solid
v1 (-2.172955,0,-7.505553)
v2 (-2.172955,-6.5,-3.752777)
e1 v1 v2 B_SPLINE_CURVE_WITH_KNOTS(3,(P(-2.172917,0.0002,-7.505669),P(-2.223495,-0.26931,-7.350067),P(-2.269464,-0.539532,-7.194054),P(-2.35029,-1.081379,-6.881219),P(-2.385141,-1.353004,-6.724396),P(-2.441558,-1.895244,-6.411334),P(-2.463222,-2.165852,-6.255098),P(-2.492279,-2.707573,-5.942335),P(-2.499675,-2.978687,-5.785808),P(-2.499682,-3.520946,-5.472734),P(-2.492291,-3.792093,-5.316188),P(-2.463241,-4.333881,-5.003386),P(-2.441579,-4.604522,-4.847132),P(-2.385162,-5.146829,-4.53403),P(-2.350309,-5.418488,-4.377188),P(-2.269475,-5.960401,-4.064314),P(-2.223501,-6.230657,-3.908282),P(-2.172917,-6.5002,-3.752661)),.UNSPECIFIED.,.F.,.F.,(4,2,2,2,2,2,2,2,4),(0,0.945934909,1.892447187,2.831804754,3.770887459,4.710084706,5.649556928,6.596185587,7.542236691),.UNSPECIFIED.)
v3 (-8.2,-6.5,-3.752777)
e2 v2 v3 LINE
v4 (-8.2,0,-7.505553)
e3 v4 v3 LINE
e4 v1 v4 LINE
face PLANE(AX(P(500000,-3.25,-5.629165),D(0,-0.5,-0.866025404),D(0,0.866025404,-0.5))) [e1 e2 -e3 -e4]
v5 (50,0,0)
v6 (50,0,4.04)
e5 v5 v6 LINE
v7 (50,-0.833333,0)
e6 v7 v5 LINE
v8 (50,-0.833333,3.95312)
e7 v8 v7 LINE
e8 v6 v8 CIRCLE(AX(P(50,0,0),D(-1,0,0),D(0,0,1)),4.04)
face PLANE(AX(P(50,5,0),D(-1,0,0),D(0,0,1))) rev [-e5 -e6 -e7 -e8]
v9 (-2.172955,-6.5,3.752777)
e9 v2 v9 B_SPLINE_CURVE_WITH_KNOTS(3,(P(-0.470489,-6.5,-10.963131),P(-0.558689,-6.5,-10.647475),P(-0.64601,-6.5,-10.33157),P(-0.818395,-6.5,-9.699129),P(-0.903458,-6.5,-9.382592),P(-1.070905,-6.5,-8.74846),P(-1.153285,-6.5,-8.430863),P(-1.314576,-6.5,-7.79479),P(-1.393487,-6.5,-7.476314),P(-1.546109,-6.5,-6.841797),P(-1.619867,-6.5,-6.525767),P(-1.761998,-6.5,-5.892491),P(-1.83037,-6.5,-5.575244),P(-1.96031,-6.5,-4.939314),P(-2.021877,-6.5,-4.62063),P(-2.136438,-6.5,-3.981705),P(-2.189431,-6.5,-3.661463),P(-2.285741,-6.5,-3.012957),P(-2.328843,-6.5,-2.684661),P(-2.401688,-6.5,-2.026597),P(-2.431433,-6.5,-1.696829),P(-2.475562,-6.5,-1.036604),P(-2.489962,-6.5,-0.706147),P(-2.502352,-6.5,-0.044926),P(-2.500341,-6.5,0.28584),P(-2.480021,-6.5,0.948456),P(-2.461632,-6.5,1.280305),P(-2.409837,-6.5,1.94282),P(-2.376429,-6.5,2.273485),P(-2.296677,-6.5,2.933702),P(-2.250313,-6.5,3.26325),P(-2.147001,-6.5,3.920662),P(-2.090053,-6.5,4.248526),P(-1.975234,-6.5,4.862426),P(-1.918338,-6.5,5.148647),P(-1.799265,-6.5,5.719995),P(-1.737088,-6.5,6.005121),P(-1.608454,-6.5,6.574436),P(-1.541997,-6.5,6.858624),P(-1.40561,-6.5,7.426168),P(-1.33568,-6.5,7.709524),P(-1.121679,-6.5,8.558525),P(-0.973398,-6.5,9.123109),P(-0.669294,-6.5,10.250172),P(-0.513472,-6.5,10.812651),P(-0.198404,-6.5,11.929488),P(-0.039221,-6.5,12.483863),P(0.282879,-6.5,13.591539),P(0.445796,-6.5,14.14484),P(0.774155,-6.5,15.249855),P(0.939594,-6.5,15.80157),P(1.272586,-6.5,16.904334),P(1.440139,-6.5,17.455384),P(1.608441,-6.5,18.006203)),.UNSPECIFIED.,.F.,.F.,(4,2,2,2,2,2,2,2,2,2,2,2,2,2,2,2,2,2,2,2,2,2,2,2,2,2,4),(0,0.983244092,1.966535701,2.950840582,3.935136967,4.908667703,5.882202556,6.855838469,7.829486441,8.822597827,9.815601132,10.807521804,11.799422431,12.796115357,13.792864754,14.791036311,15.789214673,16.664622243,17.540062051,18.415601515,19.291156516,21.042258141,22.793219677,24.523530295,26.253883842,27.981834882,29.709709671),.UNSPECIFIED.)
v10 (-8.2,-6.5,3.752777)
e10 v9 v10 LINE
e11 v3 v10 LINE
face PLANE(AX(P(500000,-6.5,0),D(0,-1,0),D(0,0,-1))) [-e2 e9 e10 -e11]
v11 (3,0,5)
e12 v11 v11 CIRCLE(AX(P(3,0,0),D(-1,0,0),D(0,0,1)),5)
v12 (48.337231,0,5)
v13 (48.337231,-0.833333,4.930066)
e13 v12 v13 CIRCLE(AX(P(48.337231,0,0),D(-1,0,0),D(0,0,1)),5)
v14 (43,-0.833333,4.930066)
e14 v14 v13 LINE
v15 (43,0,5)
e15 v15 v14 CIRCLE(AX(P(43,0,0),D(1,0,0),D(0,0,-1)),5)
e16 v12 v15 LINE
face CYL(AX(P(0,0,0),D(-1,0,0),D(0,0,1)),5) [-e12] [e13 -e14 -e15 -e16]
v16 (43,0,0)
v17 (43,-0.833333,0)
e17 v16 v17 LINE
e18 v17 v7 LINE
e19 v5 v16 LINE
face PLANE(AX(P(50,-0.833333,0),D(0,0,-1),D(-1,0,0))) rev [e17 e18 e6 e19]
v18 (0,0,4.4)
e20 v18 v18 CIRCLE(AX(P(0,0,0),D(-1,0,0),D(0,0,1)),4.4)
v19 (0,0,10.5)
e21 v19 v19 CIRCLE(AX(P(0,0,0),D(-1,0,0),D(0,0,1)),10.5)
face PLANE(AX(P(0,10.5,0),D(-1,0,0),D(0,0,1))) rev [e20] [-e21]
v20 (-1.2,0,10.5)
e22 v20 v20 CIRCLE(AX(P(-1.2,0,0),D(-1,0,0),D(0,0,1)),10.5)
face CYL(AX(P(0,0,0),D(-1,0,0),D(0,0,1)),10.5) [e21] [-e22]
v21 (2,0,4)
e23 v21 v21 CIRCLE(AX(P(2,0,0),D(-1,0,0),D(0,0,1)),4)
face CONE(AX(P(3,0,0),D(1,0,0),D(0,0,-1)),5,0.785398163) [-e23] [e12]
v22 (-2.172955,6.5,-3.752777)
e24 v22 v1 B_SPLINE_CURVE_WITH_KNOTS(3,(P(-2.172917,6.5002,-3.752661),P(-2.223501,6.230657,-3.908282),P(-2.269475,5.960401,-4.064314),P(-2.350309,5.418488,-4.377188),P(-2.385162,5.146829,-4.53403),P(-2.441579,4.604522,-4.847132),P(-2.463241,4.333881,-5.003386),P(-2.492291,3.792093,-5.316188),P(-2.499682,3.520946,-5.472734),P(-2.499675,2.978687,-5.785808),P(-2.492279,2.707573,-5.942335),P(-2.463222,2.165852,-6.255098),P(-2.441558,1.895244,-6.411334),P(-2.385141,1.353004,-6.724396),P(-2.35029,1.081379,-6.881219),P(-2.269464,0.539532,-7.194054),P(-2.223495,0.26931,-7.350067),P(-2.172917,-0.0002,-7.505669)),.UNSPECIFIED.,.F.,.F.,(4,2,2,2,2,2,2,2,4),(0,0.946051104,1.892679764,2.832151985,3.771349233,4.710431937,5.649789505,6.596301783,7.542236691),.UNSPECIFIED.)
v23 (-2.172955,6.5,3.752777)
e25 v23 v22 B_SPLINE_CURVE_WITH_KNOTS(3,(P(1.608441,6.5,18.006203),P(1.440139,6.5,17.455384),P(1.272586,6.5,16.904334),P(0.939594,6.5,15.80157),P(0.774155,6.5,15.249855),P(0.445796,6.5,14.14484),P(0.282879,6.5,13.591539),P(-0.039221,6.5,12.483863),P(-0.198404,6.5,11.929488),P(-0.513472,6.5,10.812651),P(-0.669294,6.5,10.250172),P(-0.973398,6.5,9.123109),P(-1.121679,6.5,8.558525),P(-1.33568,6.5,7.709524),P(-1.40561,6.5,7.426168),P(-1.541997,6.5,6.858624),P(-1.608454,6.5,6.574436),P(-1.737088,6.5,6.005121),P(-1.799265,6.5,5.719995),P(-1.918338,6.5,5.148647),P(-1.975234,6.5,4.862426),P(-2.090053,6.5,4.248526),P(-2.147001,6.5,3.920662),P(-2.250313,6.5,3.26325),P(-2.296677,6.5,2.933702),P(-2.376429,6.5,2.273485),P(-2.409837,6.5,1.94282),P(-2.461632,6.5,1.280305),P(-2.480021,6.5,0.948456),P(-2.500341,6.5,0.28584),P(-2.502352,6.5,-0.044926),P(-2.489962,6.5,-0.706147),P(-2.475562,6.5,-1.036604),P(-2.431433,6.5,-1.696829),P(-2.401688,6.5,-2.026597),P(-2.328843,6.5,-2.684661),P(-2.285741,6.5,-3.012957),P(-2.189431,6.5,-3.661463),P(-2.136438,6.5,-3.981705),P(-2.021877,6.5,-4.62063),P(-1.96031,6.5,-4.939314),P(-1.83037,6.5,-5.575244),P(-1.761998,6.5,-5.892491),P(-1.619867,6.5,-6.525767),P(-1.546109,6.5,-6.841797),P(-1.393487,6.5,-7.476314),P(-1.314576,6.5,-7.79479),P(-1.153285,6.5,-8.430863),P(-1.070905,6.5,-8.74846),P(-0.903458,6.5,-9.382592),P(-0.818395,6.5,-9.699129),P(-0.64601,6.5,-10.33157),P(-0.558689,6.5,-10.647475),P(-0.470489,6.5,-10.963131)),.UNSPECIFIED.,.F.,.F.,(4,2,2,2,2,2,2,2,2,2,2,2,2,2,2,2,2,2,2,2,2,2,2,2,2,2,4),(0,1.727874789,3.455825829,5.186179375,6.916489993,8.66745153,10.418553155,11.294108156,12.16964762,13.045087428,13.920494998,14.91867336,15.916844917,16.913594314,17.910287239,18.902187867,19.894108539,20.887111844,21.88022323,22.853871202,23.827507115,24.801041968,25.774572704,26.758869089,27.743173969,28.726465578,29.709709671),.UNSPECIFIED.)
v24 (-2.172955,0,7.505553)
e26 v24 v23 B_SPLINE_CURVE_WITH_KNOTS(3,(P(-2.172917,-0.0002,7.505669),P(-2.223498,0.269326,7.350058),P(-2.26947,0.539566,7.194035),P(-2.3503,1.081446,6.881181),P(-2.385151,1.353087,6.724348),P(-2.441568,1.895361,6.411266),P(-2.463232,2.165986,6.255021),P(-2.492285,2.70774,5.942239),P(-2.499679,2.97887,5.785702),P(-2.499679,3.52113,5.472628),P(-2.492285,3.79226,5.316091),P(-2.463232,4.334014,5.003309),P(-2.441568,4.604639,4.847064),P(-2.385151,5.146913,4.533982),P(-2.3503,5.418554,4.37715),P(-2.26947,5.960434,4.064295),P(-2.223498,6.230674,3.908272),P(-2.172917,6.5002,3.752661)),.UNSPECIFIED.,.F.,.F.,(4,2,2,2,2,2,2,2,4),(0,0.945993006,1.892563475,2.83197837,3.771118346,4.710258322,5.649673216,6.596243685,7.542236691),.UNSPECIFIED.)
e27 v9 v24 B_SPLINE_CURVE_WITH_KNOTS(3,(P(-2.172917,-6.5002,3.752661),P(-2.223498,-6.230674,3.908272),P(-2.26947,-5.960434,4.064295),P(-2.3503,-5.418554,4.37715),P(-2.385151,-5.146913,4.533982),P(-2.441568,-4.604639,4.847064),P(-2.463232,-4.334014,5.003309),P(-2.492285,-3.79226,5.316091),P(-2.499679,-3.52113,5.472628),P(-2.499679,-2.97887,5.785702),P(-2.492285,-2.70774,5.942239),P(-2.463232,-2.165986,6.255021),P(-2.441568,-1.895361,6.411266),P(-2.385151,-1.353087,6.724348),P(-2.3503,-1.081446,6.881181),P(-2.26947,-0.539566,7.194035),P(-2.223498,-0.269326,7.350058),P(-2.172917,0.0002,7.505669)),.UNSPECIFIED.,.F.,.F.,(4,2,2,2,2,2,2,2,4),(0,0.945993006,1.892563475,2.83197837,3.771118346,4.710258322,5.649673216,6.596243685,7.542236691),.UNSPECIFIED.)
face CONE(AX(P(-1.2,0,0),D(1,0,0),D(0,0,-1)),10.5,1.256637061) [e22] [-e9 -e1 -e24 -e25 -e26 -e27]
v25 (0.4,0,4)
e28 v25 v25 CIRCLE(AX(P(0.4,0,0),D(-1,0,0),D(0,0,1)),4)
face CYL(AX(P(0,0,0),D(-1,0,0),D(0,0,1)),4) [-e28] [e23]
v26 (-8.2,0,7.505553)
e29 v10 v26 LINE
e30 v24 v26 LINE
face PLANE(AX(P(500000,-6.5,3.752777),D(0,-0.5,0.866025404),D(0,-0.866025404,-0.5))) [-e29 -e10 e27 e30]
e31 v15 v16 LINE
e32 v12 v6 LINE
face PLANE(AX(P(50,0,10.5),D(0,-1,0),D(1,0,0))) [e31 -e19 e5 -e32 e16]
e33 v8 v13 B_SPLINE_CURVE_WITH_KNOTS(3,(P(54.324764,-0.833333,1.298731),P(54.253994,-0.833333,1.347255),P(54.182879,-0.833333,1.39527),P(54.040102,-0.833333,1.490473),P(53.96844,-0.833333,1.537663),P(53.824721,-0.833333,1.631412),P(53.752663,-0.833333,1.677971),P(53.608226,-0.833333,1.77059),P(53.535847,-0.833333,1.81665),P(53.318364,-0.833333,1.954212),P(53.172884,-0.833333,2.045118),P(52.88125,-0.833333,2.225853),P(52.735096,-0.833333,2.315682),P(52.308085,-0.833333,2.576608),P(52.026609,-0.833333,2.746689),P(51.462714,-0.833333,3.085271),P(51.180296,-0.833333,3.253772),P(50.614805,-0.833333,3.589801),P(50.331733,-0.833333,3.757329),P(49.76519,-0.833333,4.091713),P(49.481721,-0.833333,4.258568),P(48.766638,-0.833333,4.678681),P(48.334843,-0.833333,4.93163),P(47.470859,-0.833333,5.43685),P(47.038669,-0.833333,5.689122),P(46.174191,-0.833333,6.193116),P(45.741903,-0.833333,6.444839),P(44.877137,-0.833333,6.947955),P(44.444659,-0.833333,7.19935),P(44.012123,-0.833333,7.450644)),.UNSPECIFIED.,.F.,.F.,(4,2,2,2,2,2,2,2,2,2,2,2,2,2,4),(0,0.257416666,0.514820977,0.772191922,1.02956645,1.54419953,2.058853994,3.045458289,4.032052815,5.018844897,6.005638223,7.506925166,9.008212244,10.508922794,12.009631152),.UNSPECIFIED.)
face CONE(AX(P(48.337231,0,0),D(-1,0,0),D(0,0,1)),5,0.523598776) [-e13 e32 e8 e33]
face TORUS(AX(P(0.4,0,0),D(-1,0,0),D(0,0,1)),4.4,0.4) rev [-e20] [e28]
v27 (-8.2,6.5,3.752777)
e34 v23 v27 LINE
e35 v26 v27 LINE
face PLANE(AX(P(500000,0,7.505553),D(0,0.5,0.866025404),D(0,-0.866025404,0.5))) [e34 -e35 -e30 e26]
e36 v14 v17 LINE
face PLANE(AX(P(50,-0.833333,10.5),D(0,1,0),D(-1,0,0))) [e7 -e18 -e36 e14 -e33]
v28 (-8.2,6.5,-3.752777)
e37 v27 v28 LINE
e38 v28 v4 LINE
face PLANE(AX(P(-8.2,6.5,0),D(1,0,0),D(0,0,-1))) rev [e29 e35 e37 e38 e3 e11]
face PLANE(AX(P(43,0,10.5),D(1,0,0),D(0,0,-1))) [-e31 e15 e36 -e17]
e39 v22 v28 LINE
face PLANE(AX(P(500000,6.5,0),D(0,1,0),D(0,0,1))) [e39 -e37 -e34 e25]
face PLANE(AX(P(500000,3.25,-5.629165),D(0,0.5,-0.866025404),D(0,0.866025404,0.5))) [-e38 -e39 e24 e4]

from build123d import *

# Parameters (mm, degrees)
EXTRUDE1_REACH           = 62.064
SKETCH11_W               = 7
SKETCH11_H               = 0.833333333
POINT_CUT_EXTRUDE8_DEPTH = 53.158412553


with BuildPart() as part:
    # Sketch1 → base-Revolve (revolve)
    with BuildSketch(Plane.XY, mode=Mode.PRIVATE) as base_revolve_sk:
        with BuildLine():
            Line((0, 10.5), (-1.2, 10.5))
            Line((-1.2, 10.5), (-2.499678785, 6.5))
            Line((-2.499678785, 6.5), (-8.2, 6.5))
            Line((-8.2, 6.5), (-8.2, 0))
            Line((-8.2, 0), (-6.8, 0))
            Line((-6.8, 0), (0, 0))
            Line((0, 0), (50, 0))
            Line((50, 0), (50, 5))
            Line((50, 5), (3, 5))
            Line((3, 5), (2, 4))
            Line((2, 4), (0.4, 4))
            ThreePointArc((0.4, 4), (0.117157288, 4.117157288), (0, 4.4))
            Line((0, 4.4), (0, 10.5))
        make_face()
    revolve(base_revolve_sk.sketch.rotate(Axis((0, 0, 0), (1, 0, 0)), 90), axis=Axis((0, 0, 0), (1, 0, 0)))

    # Extrude1: up to this cone (the profile starts outside it)
    extrude1_end = Plane(origin=(-8.2, 0, 0), z_dir=(1, 0, 0)).offset(3.58834419) * Cone(3.078e-06, 181.50840806, 58.97565581, align=(Align.CENTER, Align.CENTER, Align.MIN), mode=Mode.PRIVATE)
    # Sketch15 → Extrude1 (add, up to the surface)
    with BuildSketch(Plane.ZY.offset(8.2), mode=Mode.PRIVATE) as extrude1_sk1:
        Polygon((-3.75277675, 6.5), (-7.505553499, 0), (-3.75277675, -6.5), (3.75277675, -6.5), (7.505553499, 0), (3.75277675, 6.5), align=None)
    extrude1_tool1 = extrude(extrude1_sk1.sketch, amount=-EXTRUDE1_REACH, mode=Mode.PRIVATE) - extrude1_end
    add(extrude1_tool1.solids().sort_by_distance((-8.2, 0, 0))[0])

    # Sketch8 → point_Cut-Revolve1 (revolve, cut)
    with BuildSketch(Plane.XY, mode=Mode.PRIVATE) as point_cut_revolve1_sk:
        Polygon((50, 0), (50.508, 0), (50.508, 5.508), (48.337231225, 5.508), (48.337231225, 5), (50, 4.04), align=None)
    revolve(point_cut_revolve1_sk.sketch.rotate(Axis((0, 0, 0), (1, 0, 0)), 90), axis=Axis((0, 0, 0), (1, 0, 0)), mode=Mode.SUBTRACT)

    # Sketch11 → point_Cut-Extrude8 (cut, through all)
    with BuildSketch(Plane.XY):
        with Locations((46.5, -0.416666667)):
            Rectangle(SKETCH11_W, SKETCH11_H)
    extrude(amount=POINT_CUT_EXTRUDE8_DEPTH, mode=Mode.SUBTRACT)


solid = part.part
